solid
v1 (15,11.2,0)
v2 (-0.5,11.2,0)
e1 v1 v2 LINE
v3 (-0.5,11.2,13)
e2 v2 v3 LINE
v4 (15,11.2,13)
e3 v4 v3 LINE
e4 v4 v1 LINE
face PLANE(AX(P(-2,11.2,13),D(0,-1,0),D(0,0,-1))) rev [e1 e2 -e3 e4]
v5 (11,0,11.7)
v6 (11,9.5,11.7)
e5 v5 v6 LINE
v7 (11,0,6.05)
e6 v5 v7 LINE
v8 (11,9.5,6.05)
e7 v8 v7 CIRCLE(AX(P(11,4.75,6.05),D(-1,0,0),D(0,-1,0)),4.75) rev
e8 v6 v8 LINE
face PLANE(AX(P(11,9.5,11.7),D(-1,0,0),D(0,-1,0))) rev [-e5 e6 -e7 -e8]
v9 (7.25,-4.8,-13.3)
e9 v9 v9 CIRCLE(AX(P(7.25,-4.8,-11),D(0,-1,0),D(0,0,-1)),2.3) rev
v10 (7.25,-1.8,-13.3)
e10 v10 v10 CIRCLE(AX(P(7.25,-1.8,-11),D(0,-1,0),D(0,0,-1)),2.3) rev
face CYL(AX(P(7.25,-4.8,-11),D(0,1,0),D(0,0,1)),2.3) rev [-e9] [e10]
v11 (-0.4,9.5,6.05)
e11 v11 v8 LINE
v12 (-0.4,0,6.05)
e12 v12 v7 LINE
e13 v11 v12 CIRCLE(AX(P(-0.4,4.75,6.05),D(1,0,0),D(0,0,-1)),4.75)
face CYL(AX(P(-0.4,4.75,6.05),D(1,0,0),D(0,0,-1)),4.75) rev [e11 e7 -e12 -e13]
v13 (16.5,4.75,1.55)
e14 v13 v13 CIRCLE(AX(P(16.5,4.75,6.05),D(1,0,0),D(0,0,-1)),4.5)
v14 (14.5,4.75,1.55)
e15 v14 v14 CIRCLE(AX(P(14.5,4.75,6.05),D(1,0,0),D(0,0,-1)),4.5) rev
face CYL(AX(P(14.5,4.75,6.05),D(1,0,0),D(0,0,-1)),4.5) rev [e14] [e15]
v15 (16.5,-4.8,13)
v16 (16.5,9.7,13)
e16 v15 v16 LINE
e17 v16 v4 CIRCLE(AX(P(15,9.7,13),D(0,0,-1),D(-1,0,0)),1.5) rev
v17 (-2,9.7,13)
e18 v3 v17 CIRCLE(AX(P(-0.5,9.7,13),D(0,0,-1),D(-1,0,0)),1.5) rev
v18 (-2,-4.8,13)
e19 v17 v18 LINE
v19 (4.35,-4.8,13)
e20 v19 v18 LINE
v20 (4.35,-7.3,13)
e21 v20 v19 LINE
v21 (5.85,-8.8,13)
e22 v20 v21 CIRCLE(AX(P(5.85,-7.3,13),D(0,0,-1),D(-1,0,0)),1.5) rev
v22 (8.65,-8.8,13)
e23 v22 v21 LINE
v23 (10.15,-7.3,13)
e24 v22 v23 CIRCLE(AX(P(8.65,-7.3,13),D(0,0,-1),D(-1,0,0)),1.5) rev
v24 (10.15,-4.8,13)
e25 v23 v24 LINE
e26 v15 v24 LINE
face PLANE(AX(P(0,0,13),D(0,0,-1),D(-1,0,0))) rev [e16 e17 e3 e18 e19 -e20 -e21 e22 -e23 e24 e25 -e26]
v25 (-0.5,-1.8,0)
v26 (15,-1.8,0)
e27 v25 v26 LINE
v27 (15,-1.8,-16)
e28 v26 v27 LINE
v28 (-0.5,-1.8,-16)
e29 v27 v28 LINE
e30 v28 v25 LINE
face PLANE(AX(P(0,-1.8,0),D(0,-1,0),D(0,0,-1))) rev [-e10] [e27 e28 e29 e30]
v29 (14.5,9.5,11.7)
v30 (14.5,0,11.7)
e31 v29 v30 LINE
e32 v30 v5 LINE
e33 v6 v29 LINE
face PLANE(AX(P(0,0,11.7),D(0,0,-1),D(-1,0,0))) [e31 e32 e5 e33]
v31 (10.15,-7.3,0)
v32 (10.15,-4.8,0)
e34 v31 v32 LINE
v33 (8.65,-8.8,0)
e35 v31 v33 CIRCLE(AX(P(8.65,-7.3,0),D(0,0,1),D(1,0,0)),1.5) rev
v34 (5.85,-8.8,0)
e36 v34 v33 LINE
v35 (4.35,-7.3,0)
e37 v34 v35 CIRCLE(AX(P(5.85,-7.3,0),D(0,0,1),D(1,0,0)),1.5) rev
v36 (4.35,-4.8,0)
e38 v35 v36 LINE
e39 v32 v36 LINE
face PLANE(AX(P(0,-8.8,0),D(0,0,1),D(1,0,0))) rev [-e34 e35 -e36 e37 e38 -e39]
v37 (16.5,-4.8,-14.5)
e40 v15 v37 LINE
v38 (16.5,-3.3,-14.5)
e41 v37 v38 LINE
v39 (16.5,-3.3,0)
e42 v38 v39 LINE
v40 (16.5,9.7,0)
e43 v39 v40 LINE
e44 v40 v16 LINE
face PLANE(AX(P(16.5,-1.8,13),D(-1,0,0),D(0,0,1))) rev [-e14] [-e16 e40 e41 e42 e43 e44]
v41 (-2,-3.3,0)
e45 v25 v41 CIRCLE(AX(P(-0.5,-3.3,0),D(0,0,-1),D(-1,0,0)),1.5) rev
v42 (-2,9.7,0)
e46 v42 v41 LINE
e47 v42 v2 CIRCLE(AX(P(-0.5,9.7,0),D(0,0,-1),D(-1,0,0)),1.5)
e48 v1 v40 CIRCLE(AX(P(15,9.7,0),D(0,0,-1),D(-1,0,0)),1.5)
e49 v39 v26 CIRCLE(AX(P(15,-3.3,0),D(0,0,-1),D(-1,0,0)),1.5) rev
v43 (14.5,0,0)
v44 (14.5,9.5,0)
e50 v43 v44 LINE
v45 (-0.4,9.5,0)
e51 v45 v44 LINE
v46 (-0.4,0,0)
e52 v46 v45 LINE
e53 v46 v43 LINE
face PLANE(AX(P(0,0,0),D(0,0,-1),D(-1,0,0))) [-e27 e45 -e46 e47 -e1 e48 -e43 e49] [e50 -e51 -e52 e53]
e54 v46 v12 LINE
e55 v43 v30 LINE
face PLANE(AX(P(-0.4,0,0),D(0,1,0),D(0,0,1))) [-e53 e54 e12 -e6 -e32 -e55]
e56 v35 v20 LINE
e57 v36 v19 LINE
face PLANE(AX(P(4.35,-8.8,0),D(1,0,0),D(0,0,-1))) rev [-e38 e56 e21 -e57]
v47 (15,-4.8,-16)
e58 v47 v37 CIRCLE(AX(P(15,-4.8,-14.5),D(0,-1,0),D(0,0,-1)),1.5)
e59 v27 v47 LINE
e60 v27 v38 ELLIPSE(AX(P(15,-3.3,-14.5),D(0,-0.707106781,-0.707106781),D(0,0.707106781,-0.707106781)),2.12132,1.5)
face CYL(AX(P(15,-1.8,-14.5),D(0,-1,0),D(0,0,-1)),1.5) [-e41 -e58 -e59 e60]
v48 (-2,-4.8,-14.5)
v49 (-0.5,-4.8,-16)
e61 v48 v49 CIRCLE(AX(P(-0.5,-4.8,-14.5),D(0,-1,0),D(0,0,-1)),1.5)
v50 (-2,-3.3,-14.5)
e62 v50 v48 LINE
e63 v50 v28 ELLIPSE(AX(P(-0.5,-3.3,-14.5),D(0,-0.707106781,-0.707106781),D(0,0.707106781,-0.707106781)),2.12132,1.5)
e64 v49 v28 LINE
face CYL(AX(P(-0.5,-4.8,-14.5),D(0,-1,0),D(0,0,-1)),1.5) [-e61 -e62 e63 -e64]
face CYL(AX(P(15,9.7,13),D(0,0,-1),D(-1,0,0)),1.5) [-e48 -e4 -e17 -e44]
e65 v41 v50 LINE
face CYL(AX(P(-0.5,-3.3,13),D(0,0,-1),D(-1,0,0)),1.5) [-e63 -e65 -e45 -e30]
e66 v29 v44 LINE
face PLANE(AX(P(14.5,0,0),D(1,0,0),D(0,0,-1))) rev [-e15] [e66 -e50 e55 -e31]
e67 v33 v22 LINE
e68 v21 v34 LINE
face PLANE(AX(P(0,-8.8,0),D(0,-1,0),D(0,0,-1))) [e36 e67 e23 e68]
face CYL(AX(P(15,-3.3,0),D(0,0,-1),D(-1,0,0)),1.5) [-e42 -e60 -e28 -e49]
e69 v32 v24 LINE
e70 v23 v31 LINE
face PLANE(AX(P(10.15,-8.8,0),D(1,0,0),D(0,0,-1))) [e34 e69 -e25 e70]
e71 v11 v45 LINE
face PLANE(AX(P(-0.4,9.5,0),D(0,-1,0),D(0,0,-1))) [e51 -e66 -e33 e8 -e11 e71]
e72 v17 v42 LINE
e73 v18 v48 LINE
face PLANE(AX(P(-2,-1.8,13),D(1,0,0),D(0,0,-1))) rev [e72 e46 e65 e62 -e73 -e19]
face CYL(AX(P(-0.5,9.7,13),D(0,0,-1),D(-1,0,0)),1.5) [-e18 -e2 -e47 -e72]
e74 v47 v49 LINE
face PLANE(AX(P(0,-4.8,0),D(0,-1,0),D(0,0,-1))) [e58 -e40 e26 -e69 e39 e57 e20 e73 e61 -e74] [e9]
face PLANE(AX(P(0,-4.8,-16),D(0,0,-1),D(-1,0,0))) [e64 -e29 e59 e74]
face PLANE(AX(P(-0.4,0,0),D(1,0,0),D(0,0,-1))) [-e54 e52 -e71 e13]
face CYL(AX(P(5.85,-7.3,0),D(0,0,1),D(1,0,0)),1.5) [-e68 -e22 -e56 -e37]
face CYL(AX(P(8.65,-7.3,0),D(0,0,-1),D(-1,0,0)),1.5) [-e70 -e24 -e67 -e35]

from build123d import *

# Parameters (mm, degrees)
SKETCH_1_W          = 18.5
SKETCH_1_H          = 13
EXTRUDE_1_DEPTH     = 13
SKETCH_2_R          = 4.5
CUT_EXTRUDE_1_DEPTH = 2
CUT_EXTRUDE_START   = -2
CUT_EXTRUDE_2_DEPTH = 14.9
SKETCH_3_W          = 3.5
SKETCH_3_H          = 9.5
CUT_EXTRUDE_3_DEPTH = 11.7
SKETCH_4_W          = 18.5
SKETCH_4_H          = 29
SKETCH_4_R          = 2.3
EXTRUDE_2_DEPTH     = 3
SKETCH_4_3_W        = 5.8
SKETCH_4_3_H        = 13
EXTRUDE_3_DEPTH     = 7
FILLET_1_R          = 1.5


with BuildPart() as part:
    # 草图1 → 凸台-拉伸1 (new body)
    with BuildSketch(Plane.XY):
        with Locations((7.25, 4.7)):
            Rectangle(SKETCH_1_W, SKETCH_1_H)
    extrude(amount=EXTRUDE_1_DEPTH)

    # 草图2 → 切除-拉伸1 (cut)
    with BuildSketch(Plane(origin=(16.5, 0, 0), x_dir=(0, 0, -1), z_dir=(1, 0, 0))):
        with Locations((-6.05, 4.75)):
            Circle(SKETCH_2_R)
    extrude(amount=-CUT_EXTRUDE_1_DEPTH, mode=Mode.SUBTRACT)

    # 草图2<3> → 切除-拉伸2 (cut)
    with BuildSketch(Plane(origin=(16.5, 0, 0), x_dir=(0, 0, -1), z_dir=(1, 0, 0)).offset(CUT_EXTRUDE_START)):
        with BuildLine():
            Line((0, 9.5), (-6.05, 9.5))
            ThreePointArc((-6.05, 9.5), (-10.8, 4.75), (-6.05, 0))
            Line((-6.05, 0), (0, 0))
            Line((0, 0), (0, 9.5))
        make_face()
    extrude(amount=-CUT_EXTRUDE_2_DEPTH, mode=Mode.SUBTRACT)

    # 草图3 → 切除-拉伸3 (cut)
    with BuildSketch(Plane(origin=(0, 0, 0), x_dir=(-1, 0, 0), z_dir=(0, 0, -1))):
        with Locations((-12.75, 4.75)):
            Rectangle(SKETCH_3_W, SKETCH_3_H)
    extrude(amount=-CUT_EXTRUDE_3_DEPTH, mode=Mode.SUBTRACT)

    # 草图4 → 凸台-拉伸2 (add)
    with BuildSketch(Plane(origin=(0, -1.8, 0), x_dir=(1, 0, 0), z_dir=(0, 1, 0))):
        with Locations((7.25, 1.5)):
            Rectangle(SKETCH_4_W, SKETCH_4_H)
        with Locations((7.25, 11)):
            Circle(SKETCH_4_R, mode=Mode.SUBTRACT)
    extrude(amount=-EXTRUDE_2_DEPTH)

    # 草图4<3> → 凸台-拉伸3 (add)
    with BuildSketch(Plane(origin=(0, -1.8, 0), x_dir=(1, 0, 0), z_dir=(0, 1, 0))):
        with Locations((7.25, -6.5)):
            Rectangle(SKETCH_4_3_W, SKETCH_4_3_H)
    extrude(amount=-EXTRUDE_3_DEPTH)

    # 圆角1
    fillet_1_edges = [part.edges().sort_by_distance(p)[0] for p in [
        (10.15, -8.8, 6.5),
        (4.35, -8.8, 6.5),
        (-2, -3.3, -16),
        (16.5, -3.3, -16),
        (-2, -1.8, -8),
        (16.5, -1.8, -8),
        (16.5, 11.2, 6.5),
        (-2, 11.2, 6.5),
    ]]
    fillet(fillet_1_edges, radius=FILLET_1_R)


solid = part.part
